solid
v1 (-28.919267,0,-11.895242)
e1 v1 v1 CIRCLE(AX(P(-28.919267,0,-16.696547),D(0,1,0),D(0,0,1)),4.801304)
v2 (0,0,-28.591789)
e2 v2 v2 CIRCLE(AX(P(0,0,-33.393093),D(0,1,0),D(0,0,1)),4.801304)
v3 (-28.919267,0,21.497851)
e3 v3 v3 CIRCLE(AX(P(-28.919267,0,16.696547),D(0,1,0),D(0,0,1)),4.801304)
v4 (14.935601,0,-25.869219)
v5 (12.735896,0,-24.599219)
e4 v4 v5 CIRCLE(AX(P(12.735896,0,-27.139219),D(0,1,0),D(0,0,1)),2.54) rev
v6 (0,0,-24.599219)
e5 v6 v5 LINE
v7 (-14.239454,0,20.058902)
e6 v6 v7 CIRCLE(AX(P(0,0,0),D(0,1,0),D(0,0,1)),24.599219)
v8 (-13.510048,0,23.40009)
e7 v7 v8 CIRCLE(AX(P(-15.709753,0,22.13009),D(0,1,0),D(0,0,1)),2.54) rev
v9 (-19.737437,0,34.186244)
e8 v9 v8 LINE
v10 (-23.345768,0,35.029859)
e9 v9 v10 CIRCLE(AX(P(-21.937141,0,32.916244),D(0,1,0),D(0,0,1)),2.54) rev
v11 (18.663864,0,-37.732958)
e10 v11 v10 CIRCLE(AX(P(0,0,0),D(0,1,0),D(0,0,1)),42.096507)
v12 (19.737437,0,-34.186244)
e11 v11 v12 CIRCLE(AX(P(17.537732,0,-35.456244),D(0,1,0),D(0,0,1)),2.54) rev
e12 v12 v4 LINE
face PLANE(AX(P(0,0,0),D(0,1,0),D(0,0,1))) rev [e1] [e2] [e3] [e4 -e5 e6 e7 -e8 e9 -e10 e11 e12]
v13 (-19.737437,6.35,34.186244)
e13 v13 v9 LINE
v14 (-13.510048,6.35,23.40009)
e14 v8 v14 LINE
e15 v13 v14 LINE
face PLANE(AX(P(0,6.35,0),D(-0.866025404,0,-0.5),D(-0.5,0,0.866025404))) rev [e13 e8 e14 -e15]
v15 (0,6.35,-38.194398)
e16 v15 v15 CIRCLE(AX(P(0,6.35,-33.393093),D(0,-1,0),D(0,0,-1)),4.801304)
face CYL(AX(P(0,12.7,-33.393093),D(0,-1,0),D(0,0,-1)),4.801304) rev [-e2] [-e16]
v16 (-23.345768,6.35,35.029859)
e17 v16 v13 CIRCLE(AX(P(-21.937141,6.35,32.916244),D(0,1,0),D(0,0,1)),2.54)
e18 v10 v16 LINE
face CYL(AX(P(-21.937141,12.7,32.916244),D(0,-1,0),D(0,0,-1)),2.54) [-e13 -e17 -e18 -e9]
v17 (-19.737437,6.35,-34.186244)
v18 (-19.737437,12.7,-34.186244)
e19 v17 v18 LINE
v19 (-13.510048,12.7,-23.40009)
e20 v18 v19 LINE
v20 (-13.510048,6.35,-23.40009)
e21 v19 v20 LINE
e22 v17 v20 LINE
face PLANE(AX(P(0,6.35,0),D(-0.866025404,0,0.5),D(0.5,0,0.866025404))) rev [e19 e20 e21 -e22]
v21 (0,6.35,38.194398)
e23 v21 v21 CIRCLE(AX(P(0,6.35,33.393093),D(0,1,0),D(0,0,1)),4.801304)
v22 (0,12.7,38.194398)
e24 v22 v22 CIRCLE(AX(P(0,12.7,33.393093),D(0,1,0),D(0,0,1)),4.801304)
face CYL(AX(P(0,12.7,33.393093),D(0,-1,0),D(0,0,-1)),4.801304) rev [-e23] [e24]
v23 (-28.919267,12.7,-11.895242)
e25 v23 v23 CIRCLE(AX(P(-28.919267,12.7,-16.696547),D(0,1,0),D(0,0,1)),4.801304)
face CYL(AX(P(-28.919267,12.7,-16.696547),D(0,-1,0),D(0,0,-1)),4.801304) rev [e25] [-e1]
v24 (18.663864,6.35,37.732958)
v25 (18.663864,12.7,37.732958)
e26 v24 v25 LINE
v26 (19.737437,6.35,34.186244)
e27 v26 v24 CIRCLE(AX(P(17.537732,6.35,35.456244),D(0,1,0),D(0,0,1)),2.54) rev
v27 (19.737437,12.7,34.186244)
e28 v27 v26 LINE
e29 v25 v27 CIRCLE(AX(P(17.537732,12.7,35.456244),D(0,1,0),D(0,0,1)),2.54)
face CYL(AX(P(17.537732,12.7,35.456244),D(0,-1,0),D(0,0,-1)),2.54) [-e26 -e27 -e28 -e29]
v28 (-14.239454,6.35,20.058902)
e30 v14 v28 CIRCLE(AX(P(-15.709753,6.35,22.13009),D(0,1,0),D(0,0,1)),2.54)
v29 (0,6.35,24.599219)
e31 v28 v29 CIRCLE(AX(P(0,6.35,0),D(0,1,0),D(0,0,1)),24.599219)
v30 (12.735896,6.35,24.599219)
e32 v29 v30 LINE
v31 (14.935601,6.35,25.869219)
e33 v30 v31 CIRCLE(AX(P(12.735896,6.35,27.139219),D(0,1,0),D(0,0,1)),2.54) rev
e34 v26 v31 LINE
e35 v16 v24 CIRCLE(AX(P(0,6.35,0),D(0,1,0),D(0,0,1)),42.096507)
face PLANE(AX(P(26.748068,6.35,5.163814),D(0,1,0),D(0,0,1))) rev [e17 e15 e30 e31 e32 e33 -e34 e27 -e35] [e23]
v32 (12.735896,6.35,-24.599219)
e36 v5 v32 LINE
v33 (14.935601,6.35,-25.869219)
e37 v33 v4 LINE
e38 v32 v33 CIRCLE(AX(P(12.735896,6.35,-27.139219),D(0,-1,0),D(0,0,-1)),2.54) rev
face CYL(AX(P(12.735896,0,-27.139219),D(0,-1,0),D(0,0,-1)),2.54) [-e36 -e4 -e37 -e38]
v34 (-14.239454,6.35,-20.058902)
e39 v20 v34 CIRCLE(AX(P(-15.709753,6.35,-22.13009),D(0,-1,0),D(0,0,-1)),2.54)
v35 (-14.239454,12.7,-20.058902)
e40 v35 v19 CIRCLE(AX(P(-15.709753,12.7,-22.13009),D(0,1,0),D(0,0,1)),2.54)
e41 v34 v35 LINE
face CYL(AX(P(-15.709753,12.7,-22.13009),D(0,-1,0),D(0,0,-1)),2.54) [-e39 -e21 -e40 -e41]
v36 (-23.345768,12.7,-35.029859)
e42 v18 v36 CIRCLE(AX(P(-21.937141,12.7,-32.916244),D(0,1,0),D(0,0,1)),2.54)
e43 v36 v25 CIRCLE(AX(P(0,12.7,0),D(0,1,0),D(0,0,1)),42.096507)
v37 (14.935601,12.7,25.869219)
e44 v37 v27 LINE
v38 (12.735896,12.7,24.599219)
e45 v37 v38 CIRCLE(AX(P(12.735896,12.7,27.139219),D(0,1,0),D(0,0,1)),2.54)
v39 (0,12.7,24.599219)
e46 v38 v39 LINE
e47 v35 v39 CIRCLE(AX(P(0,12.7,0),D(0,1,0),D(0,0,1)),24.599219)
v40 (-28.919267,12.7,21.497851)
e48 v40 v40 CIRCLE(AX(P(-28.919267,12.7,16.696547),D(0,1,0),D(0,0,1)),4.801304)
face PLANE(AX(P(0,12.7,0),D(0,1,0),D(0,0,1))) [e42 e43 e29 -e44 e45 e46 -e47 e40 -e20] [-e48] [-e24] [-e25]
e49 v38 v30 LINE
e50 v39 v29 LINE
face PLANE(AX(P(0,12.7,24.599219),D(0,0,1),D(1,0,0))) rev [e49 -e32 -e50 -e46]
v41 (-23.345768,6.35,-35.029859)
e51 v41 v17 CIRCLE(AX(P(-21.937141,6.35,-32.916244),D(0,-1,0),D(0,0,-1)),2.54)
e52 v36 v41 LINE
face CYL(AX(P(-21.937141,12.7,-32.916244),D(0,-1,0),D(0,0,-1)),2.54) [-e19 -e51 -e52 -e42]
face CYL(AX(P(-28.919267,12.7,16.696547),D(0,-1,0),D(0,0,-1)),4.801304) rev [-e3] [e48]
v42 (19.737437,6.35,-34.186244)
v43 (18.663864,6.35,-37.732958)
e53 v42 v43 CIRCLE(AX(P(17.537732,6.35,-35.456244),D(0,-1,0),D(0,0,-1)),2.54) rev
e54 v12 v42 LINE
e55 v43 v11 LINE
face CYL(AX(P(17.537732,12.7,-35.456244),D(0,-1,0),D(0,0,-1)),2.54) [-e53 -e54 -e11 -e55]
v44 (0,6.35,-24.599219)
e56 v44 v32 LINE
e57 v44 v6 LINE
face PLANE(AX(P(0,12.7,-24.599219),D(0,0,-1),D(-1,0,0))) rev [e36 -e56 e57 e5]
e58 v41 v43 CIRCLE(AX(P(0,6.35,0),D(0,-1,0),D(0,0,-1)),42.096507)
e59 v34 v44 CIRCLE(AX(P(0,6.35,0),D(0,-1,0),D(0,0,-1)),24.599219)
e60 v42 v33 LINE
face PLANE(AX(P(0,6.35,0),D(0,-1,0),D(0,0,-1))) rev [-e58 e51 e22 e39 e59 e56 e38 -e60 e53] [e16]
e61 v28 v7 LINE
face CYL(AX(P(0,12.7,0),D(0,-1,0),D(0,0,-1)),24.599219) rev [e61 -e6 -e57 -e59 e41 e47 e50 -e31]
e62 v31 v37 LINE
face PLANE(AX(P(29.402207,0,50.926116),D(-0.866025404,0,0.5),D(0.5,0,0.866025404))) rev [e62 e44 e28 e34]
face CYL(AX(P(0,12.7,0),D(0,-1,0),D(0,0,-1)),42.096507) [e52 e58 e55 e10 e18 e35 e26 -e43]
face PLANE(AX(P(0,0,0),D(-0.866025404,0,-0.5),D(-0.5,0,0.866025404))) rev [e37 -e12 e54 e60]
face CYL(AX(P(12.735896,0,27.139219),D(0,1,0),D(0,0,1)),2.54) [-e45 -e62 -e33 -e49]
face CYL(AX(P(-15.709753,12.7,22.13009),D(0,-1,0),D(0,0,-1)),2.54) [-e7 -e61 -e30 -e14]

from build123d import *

# Parameters (mm, degrees)
SKETCH1_R      = 42.09650726
SKETCH1_R_2    = 24.599219473
SKETCH1_R_3    = 4.801304322
EXTRUDE1_DEPTH = 12.7
EXTRUDE2_DEPTH = 61.872997683
EXTRUDE3_DEPTH = 6.35
EXTRUDE4_DEPTH = 6.35
SKETCH6_W      = 38.310280967
SKETCH6_H      = 49.198438946
EXTRUDE5_DEPTH = 61.872997683
FILLET1_R      = 2.54
FILLET2_R      = 2.54


with BuildPart() as part:
    # Sketch1 → Extrude1 (new body)
    with BuildSketch(Plane(origin=(0, 0, 0), x_dir=(1, 0, 0), z_dir=(0, 1, 0))):
        with Locations(Location((0, 0, 0), (0, 0, 270))):
            Circle(SKETCH1_R)
        with Locations(Location((0, 0, 0), (0, 0, 270))):
            Circle(SKETCH1_R_2, mode=Mode.SUBTRACT)
        with Locations(Location((0, 33.393093385, 0), (0, 0, 270))):
            Circle(SKETCH1_R_3, mode=Mode.SUBTRACT)
        with Locations(Location((28.919267183, 16.696546693, 0), (0, 0, 270))):
            Circle(SKETCH1_R_3, mode=Mode.SUBTRACT)
        with Locations(Location((28.919267183, -16.696546693, 0), (0, 0, 270))):
            Circle(SKETCH1_R_3, mode=Mode.SUBTRACT)
        with Locations(Location((0, -33.393093385, 0), (0, 0, 270))):
            Circle(SKETCH1_R_3, mode=Mode.SUBTRACT)
        with Locations(Location((-28.919267183, -16.696546693, 0), (0, 0, 270))):
            Circle(SKETCH1_R_3, mode=Mode.SUBTRACT)
        with Locations(Location((-28.919267183, 16.696546693, 0), (0, 0, 270))):
            Circle(SKETCH1_R_3, mode=Mode.SUBTRACT)
    extrude(amount=EXTRUDE1_DEPTH)

    # Sketch3 → Extrude2 (cut, through all)
    with BuildSketch(Plane(origin=(0, 12.7, 0), x_dir=(1, 0, 0), z_dir=(0, 1, 0))):
        Polygon((0, 0), (28.178976679, 48.807419314), (52.099648294, 15.101619163), (29.402207, -50.926116379), align=None)
    extrude(amount=-EXTRUDE2_DEPTH, mode=Mode.SUBTRACT)

    # Sketch4 → Extrude3 (cut)
    with BuildSketch(Plane(origin=(0, 12.7, 0), x_dir=(1, 0, 0), z_dir=(0, 1, 0))):
        Polygon((0, 0), (-31.678815479, 54.869317933), (34.182730787, 54.869317933), align=None)
    extrude(amount=-EXTRUDE3_DEPTH, mode=Mode.SUBTRACT)

    # Sketch5 → Extrude4 (cut)
    with BuildSketch(Plane.XZ):
        Polygon((0, 0), (-26.213048705, 45.402332179), (26.21514135, 52.666998523), (26.748068273, 5.163813809), align=None)
    extrude(amount=-EXTRUDE4_DEPTH, mode=Mode.SUBTRACT)

    # Sketch6 → Extrude5 (cut, through all)
    with BuildSketch(Plane.XZ):
        with Locations((19.155140484, 0)):
            Rectangle(SKETCH6_W, SKETCH6_H)
    extrude(amount=-EXTRUDE5_DEPTH, mode=Mode.SUBTRACT)

    # Fillet1
    fillet1_edges = [part.edges().sort_by_distance(p)[0] for p in [
        (14.202365985, 3.175, -24.599219473),
        (14.202365985, 9.525, 24.599219473),
        (21.04825363, 3.175, -36.456644697),
        (21.04825363, 9.525, 36.456644697),
    ]]
    fillet(fillet1_edges, radius=FILLET1_R)

    # Fillet2
    fillet2_edges = [part.edges().sort_by_distance(p)[0] for p in [
        (-12.299609737, 9.525, -21.303548977),
        (-21.04825363, 9.525, -36.456644697),
        (-12.299609737, 3.175, 21.303548977),
        (-21.04825363, 3.175, 36.456644697),
    ]]
    fillet(fillet2_edges, radius=FILLET2_R)


solid = part.part
